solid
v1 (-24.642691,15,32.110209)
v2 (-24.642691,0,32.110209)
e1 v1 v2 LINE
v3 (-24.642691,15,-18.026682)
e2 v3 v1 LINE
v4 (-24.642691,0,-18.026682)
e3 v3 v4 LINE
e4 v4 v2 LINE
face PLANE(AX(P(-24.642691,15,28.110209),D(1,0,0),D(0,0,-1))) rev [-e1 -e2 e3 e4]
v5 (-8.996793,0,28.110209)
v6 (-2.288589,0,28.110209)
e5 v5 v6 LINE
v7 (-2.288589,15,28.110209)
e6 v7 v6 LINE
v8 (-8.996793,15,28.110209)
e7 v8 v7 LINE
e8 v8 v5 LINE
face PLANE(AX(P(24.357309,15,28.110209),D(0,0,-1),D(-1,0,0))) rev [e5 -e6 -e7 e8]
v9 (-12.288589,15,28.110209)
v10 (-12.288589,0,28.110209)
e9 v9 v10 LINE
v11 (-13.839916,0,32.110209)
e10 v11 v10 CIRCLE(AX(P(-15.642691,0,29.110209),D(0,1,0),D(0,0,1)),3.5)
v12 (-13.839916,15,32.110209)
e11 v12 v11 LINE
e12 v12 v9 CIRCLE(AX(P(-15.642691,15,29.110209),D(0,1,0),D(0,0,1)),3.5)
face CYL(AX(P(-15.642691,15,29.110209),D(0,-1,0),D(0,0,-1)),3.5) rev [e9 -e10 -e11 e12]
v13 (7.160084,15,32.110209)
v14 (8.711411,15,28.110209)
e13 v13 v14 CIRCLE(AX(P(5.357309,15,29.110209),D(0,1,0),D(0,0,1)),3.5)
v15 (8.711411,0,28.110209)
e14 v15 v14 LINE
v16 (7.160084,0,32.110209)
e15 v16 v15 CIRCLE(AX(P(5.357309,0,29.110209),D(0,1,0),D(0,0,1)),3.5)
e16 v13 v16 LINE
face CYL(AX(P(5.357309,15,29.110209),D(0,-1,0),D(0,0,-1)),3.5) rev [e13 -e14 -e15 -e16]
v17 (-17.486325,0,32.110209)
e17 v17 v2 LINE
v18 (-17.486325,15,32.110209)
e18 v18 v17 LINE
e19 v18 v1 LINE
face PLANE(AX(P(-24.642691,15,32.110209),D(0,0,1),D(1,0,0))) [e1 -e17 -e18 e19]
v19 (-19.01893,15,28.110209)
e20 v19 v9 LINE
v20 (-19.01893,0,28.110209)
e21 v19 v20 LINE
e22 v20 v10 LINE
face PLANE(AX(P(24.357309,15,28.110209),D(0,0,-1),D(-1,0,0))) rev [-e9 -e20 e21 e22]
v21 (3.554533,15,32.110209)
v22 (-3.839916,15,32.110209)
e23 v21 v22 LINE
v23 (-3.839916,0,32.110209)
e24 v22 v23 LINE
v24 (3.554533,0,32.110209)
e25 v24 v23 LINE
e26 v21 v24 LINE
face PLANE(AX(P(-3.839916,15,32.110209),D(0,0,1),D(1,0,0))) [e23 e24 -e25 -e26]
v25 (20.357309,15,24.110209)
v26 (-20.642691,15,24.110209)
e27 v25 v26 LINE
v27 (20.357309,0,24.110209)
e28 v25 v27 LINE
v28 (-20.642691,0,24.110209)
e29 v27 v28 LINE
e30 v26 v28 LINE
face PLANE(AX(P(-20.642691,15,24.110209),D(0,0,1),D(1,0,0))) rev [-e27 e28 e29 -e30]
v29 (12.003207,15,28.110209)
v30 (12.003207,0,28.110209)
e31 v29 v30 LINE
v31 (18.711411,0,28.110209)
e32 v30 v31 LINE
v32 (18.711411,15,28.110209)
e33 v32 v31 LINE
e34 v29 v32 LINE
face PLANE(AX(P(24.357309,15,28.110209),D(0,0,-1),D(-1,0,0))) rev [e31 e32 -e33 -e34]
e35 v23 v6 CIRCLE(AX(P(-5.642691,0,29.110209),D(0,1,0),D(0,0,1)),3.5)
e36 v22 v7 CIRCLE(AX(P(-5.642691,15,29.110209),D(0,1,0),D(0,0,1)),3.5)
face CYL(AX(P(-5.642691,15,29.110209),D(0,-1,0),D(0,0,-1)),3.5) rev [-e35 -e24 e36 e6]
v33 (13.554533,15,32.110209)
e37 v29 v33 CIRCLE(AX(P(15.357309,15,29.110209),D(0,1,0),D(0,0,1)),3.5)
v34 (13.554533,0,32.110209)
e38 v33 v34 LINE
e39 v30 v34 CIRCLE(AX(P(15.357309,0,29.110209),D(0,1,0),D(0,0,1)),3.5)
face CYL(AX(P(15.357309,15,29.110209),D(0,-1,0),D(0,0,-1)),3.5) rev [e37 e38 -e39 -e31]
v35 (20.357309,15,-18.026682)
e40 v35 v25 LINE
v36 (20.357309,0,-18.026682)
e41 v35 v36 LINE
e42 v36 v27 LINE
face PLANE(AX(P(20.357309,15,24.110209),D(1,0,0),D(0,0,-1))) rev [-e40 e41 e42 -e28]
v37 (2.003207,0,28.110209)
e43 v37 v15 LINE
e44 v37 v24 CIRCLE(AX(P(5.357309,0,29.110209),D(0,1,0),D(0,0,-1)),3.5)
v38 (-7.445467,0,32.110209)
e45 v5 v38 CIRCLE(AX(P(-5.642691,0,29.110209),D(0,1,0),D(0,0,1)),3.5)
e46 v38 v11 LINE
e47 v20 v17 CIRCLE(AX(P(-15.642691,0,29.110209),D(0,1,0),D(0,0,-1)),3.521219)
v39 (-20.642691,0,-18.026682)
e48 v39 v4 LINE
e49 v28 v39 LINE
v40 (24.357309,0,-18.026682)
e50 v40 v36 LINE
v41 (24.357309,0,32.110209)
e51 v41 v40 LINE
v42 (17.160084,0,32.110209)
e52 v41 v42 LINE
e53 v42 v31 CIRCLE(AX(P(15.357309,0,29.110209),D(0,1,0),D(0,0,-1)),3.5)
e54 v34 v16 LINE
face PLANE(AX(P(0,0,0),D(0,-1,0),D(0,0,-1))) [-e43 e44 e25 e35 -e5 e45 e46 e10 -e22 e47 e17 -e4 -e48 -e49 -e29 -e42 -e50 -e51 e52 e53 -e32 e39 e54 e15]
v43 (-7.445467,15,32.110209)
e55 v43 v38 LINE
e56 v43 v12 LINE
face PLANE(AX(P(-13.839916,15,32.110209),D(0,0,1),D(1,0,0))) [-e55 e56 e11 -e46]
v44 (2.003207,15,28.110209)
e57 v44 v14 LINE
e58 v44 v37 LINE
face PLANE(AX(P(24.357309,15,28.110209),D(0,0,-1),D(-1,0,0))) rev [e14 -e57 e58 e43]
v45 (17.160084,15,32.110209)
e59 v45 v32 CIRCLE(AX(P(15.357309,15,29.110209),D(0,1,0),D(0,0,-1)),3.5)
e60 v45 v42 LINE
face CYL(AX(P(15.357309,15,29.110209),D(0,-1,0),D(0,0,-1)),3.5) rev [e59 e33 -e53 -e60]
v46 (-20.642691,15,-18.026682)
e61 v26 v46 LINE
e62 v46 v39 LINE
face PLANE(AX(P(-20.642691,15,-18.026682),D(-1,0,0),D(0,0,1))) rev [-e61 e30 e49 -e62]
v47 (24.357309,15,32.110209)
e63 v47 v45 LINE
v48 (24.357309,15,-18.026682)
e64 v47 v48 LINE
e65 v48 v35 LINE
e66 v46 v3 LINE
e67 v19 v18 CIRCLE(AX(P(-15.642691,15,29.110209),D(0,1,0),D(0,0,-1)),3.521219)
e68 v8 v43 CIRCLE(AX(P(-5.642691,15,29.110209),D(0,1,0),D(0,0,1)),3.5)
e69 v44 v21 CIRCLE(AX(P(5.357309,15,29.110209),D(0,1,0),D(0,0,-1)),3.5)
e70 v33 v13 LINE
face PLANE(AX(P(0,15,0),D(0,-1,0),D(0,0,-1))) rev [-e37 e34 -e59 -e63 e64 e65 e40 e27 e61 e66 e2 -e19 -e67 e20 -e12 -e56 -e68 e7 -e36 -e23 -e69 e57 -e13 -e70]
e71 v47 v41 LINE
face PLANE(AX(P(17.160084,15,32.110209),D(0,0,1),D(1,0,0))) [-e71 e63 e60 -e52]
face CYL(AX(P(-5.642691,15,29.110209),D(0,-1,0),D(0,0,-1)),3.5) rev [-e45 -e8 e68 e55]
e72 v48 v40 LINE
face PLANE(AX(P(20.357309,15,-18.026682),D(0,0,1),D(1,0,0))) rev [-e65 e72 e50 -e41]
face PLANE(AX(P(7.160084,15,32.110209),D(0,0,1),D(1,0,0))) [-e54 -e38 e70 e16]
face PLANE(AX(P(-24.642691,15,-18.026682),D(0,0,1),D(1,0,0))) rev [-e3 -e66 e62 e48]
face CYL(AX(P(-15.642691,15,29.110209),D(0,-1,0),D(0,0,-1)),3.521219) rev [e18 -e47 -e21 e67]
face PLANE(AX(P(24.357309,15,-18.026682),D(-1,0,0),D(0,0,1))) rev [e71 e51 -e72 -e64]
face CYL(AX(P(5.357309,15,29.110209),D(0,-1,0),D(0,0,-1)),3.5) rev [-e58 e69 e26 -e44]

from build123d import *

# Parameters (mm, degrees)
EXTRUDE_1_DEPTH = 15
EXTRUDE_4_DEPTH = 15


with BuildPart() as part:
    # 草图1 → 凸台-拉伸1 (new body)
    with BuildSketch(Plane(origin=(0, 0, 0), x_dir=(1, 0, 0), z_dir=(0, 1, 0))):
        Polygon((-20.642691415, 18.026682135), (-20.642691415, -24.110208817), (20.357308585, -24.110208817), (20.357308585, 18.026682135), (24.357308585, 18.026682135), (24.357308585, -28.110208817), (-24.642691415, -28.110208817), (-24.642691415, 18.026682135), align=None)
    extrude(amount=EXTRUDE_1_DEPTH)

    # 草图3 → 凸台-拉伸4 (add)
    with BuildSketch(Plane.XZ):
        with BuildLine():
            Line((-24.642691415, 28.110208817), (-24.642691415, 32.110208817))
            Line((-24.642691415, 32.110208817), (-17.486324867, 32.110208817))
            ThreePointArc((-17.486324867, 32.110208817), (-18.930816259, 30.370057744), (-19.018929604, 28.110208817))
            Line((-19.018929604, 28.110208817), (-24.642691415, 28.110208817))
        make_face()
        with BuildLine():
            Line((-13.839915778, 32.110208817), (-7.445467053, 32.110208817))
            ThreePointArc((-7.445467053, 32.110208817), (-8.905871866, 30.375773254), (-8.996793382, 28.110208817))
            Line((-8.996793382, 28.110208817), (-12.288589449, 28.110208817))
            ThreePointArc((-12.288589449, 28.110208817), (-12.379510964, 30.375773254), (-13.839915778, 32.110208817))
        make_face()
        with BuildLine():
            Line((-3.839915778, 32.110208817), (3.554532947, 32.110208817))
            ThreePointArc((3.554532947, 32.110208817), (2.094128134, 30.375773254), (2.003206618, 28.110208817))
            Line((2.003206618, 28.110208817), (-2.288589449, 28.110208817))
            ThreePointArc((-2.288589449, 28.110208817), (-2.379510964, 30.375773254), (-3.839915778, 32.110208817))
        make_face()
        with BuildLine():
            Line((7.160084222, 32.110208817), (13.554532947, 32.110208817))
            ThreePointArc((13.554532947, 32.110208817), (12.094128134, 30.375773254), (12.003206618, 28.110208817))
            Line((12.003206618, 28.110208817), (8.70892166, 28.101898452))
            ThreePointArc((8.70892166, 28.101898452), (8.622054937, 30.371728239), (7.160084222, 32.110208817))
        make_face()
        with BuildLine():
            Line((17.160084222, 32.110208817), (24.357308585, 32.110208817))
            Line((24.357308585, 32.110208817), (24.357308585, 28.110208817))
            Line((24.357308585, 28.110208817), (18.711410551, 28.110208817))
            ThreePointArc((18.711410551, 28.110208817), (18.620489036, 30.375773254), (17.160084222, 32.110208817))
        make_face()
    extrude(amount=-EXTRUDE_4_DEPTH)


solid = part.part
